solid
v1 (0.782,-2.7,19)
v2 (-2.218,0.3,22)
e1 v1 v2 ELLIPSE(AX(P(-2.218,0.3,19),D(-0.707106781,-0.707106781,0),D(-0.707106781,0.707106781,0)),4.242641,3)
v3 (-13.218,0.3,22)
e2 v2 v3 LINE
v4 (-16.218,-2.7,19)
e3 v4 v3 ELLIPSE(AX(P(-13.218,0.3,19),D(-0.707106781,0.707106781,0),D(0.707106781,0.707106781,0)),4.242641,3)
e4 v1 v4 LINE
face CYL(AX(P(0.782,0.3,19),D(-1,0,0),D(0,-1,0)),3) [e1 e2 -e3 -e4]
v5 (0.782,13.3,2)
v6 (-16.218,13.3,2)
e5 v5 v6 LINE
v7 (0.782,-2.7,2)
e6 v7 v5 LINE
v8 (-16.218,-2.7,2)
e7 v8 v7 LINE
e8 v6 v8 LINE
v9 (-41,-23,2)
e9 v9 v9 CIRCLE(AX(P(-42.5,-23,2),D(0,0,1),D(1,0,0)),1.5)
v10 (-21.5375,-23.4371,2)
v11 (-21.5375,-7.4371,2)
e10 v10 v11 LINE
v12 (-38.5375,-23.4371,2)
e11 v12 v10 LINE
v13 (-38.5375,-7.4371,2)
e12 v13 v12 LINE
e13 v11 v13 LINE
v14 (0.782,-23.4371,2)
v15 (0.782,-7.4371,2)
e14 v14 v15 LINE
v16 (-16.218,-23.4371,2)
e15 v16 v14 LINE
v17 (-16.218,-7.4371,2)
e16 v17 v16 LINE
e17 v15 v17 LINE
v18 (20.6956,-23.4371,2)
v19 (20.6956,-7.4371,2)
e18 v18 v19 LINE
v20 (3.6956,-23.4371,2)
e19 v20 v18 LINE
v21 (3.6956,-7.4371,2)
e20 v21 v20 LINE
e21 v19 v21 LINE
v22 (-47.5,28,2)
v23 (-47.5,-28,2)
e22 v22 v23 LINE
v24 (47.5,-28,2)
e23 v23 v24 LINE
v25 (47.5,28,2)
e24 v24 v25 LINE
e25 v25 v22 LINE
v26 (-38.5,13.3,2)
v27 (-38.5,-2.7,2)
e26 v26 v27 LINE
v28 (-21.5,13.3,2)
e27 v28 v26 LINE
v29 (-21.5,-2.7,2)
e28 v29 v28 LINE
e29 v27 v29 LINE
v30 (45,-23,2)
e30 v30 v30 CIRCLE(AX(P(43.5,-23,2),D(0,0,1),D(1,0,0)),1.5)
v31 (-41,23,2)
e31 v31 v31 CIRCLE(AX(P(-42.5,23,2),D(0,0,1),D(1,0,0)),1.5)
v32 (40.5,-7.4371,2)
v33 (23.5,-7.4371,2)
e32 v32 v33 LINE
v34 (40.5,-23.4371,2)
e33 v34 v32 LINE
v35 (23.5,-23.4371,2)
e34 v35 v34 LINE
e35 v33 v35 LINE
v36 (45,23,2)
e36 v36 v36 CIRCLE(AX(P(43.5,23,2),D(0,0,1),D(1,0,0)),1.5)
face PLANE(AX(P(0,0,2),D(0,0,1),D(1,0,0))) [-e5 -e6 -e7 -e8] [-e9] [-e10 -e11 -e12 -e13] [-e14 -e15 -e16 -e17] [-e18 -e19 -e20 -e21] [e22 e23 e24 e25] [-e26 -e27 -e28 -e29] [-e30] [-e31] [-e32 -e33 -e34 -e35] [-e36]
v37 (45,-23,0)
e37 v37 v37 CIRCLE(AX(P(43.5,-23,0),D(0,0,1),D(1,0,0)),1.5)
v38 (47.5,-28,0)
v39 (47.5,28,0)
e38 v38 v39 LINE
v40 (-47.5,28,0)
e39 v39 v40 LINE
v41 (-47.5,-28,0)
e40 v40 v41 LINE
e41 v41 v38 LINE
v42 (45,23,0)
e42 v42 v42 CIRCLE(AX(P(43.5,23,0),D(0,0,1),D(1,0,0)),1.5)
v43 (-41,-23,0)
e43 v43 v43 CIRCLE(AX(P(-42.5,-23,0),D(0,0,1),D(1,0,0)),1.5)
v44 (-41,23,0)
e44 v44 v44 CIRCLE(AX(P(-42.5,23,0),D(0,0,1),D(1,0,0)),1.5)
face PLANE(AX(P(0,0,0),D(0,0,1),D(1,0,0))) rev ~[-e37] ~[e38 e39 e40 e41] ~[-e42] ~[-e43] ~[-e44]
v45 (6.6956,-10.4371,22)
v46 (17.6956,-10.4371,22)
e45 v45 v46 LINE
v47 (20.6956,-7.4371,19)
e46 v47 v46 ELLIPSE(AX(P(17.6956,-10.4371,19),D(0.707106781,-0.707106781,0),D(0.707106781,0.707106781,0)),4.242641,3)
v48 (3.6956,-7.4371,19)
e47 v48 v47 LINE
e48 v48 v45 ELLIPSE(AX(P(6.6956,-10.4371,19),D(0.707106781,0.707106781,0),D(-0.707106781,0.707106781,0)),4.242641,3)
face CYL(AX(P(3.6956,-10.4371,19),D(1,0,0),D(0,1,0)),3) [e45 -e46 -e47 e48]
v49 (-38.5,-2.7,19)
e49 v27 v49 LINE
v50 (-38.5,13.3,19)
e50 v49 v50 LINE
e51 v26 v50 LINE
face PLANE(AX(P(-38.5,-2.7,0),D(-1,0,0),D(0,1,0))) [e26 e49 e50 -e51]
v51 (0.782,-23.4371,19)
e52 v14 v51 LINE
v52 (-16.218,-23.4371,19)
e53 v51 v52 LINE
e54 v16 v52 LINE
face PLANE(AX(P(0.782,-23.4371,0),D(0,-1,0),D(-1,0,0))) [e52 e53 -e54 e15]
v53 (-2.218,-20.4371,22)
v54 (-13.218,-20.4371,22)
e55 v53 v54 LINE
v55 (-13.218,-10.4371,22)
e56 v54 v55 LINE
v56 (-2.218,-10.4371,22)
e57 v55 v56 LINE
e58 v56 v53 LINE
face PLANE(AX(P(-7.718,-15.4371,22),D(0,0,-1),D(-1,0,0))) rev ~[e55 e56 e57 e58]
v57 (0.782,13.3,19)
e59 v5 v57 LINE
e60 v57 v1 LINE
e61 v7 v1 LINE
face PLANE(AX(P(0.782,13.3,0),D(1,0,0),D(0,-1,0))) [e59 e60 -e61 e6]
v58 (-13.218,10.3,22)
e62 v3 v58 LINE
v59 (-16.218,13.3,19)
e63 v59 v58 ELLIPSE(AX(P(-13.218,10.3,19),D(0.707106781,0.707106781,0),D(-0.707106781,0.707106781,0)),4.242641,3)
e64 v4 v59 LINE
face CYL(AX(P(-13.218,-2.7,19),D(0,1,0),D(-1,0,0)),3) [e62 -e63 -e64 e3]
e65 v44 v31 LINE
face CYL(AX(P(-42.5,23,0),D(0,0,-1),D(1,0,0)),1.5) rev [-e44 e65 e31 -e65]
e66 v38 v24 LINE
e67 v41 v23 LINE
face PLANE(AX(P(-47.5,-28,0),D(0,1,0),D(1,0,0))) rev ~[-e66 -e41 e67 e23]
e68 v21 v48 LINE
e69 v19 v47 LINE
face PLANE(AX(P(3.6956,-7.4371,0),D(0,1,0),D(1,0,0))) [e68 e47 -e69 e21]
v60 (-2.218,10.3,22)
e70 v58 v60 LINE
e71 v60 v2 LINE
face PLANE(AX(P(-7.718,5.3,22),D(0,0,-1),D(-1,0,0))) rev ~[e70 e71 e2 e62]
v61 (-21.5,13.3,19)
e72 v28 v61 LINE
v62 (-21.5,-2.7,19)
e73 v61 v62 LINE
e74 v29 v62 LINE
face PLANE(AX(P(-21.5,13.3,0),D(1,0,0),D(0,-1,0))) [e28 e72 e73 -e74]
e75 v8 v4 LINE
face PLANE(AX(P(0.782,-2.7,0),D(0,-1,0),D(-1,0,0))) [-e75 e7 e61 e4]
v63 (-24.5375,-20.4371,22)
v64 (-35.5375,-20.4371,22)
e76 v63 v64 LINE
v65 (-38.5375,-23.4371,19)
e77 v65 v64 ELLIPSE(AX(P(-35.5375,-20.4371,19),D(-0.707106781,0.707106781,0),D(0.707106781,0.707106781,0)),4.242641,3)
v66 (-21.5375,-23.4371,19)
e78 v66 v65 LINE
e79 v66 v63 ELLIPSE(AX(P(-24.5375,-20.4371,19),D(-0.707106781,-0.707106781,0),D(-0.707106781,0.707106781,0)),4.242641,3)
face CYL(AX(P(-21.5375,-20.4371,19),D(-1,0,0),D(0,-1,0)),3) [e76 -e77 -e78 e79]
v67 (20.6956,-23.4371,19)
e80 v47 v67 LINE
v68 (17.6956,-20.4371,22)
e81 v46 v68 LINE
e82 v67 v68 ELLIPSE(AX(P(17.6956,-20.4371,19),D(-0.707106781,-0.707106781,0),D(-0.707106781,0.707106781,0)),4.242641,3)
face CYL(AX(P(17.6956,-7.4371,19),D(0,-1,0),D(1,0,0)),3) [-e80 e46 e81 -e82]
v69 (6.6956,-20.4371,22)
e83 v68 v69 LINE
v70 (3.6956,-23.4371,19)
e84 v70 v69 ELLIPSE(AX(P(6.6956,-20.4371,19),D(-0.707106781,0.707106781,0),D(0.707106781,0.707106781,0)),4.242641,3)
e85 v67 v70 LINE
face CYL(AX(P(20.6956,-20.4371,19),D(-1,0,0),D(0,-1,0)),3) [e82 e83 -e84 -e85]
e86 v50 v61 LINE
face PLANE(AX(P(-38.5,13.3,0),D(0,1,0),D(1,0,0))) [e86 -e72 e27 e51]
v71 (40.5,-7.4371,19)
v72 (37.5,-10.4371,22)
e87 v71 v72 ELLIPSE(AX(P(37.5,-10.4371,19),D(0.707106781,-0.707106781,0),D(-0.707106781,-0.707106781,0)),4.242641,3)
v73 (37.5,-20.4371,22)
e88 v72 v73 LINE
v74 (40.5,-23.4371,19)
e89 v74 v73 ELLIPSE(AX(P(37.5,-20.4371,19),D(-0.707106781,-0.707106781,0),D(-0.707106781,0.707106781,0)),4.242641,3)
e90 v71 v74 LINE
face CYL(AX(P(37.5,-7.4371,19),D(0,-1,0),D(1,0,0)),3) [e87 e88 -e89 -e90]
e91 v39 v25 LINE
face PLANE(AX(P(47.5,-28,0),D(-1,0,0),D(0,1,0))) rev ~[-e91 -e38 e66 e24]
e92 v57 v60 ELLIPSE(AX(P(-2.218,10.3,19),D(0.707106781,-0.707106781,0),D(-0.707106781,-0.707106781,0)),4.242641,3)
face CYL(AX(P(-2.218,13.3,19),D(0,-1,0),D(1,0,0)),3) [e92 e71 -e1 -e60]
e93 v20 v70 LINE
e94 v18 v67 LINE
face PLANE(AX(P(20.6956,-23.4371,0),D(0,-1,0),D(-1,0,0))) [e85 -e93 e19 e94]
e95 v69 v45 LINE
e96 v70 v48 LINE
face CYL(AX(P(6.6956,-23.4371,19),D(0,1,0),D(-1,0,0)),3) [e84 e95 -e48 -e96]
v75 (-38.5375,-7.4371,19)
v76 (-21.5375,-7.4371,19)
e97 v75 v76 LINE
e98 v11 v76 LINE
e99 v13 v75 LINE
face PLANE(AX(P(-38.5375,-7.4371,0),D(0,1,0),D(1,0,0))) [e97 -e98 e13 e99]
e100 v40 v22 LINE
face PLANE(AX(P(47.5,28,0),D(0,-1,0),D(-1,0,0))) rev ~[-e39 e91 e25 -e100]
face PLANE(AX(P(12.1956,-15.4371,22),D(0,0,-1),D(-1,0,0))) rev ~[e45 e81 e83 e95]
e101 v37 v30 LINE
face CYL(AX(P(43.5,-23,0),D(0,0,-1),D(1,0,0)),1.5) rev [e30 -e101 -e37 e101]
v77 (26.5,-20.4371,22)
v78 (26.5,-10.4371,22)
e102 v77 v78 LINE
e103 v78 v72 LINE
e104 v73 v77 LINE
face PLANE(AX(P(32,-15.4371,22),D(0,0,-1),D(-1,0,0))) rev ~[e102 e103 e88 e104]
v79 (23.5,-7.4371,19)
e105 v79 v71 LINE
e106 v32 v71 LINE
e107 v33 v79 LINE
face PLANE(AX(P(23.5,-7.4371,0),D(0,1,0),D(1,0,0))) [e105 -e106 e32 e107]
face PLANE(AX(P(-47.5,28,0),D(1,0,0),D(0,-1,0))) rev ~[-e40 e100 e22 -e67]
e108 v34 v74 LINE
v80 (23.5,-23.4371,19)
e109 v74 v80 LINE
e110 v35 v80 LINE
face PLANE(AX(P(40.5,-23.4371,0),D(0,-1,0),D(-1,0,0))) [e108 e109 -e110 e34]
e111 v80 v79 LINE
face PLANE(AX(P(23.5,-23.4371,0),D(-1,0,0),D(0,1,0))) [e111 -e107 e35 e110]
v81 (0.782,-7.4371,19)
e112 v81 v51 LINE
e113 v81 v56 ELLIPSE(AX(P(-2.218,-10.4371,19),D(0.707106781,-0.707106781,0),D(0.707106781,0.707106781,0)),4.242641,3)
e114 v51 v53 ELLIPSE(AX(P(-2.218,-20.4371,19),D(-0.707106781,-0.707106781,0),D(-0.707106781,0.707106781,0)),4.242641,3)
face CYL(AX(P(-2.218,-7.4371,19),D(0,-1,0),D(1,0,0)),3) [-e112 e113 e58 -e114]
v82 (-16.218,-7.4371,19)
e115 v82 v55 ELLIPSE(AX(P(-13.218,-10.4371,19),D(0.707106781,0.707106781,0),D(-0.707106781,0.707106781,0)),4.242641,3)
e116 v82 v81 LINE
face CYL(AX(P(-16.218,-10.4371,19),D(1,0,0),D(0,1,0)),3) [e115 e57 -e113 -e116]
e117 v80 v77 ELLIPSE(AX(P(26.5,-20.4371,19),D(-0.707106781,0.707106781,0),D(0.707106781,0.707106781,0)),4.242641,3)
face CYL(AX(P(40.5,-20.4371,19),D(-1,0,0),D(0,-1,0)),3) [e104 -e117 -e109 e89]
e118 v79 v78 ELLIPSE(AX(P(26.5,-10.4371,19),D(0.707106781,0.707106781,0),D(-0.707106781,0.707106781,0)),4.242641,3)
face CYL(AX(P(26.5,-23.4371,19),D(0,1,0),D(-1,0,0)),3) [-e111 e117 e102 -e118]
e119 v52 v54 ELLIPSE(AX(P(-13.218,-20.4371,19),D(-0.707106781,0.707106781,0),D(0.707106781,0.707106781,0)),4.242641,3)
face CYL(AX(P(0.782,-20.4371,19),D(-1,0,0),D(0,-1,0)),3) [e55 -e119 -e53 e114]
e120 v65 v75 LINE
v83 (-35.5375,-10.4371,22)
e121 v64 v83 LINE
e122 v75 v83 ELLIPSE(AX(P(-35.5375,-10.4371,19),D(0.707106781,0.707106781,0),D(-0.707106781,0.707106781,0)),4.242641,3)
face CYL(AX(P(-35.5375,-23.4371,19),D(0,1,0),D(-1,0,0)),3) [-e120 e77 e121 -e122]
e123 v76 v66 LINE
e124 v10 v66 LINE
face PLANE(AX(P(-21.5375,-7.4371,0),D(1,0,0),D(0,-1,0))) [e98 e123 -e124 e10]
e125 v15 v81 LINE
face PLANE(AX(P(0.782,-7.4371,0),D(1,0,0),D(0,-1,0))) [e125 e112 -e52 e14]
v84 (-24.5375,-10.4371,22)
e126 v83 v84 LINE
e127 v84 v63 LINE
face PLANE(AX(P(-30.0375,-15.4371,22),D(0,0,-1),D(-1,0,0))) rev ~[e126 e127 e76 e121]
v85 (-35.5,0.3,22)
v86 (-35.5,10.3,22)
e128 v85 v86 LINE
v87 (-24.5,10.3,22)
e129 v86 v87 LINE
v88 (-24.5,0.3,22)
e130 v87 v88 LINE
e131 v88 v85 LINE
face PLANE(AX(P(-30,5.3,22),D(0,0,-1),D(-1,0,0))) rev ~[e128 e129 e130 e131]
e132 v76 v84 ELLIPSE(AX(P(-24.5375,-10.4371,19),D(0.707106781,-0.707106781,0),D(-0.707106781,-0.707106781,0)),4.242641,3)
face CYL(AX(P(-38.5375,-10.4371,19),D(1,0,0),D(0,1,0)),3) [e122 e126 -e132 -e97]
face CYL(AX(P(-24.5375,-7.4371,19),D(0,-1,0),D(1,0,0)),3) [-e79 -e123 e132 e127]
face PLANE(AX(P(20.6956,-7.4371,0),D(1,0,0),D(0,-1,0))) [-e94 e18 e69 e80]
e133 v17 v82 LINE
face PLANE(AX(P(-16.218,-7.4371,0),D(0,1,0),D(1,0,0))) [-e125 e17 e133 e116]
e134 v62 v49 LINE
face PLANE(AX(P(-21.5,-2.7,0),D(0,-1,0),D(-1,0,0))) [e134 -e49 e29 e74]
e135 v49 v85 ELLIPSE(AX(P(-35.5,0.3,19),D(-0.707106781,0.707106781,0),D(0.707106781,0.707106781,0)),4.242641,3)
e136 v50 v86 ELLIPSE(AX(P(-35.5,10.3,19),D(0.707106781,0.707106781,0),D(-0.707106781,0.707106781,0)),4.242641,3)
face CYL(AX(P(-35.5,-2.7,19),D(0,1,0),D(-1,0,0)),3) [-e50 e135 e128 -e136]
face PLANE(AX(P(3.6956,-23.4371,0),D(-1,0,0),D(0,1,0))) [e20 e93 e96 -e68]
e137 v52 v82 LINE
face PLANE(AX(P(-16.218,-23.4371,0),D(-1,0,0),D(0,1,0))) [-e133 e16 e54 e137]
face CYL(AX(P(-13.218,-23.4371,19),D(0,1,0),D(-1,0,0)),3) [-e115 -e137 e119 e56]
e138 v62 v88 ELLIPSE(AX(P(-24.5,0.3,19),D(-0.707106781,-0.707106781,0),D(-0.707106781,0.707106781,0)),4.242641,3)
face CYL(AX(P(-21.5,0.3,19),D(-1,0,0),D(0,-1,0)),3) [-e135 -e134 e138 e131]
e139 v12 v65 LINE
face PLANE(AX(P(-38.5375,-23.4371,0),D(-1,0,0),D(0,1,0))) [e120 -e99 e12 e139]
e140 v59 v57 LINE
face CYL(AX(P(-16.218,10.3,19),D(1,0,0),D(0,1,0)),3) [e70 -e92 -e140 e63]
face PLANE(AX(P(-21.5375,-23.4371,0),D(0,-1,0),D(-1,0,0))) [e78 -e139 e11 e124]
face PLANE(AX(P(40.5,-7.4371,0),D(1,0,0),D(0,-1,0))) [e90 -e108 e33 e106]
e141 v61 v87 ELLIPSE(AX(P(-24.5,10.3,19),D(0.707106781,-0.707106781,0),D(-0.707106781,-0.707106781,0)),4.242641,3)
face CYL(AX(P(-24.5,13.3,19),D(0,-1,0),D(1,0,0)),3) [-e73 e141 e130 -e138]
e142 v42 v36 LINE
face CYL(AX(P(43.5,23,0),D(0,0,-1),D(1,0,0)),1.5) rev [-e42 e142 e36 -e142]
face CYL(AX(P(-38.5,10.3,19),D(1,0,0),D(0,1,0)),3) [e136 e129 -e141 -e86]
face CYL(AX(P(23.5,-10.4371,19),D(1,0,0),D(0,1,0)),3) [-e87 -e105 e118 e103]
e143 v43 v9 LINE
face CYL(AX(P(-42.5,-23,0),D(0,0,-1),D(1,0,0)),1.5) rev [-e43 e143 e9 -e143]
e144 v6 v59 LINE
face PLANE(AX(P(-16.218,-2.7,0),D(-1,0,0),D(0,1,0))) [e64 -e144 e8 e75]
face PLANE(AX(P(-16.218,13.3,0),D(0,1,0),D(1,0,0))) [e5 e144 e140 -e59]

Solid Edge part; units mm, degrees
sketch "Sketch1" plane through (0, 0, 0) normal (0, 0, 1) x (1, 0, 0)
  line L0 (-47.5, 28) -> (-47.5, -28)
  line L1 (-47.5, -28) -> (47.5, -28)
  line L2 (47.5, -28) -> (47.5, 28)
  line L3 (47.5, 28) -> (-47.5, 28)
  circle A0 centre (-42.5, 23) radius 1.5
  circle A1 centre (-42.5, -23) radius 1.5
  circle A2 centre (43.5, -23) radius 1.5
  circle A3 centre (43.5, 23) radius 1.5
  dimension "D1" = 95
  dimension "D2" = 56
  dimension "D3" = 5
  dimension "D4" = 5
  dimension "D5" = 5
  dimension "D6" = 4
  dimension "D7" = 4
  dimension "D8" = 5
  dimension "D9" = 5
  dimension "D10" = 46
  dimension "D11" = 46
  dimension "D12" = 5
extrude "Protrusion1" add sketch "Sketch1" along normal blind 2
sketch "Sketch2" plane through (0, 0, 0) normal (0, 0, -1) x (1, 0, 0)
  line L0 (-21.5, -13.3) -> (-21.5, 2.7)
  line L1 (-21.5, 2.7) -> (-38.5, 2.7)
  line L2 (-38.5, 2.7) -> (-38.5, -13.3)
  line L3 (-38.5, -13.3) -> (-21.5, -13.3)
  line L4 (-16.218, 2.7) -> (-16.218, -13.3)
  line L5 (-16.218, -13.3) -> (0.782, -13.3)
  line L6 (0.782, -13.3) -> (0.782, 2.7)
  line L7 (0.782, 2.7) -> (-16.218, 2.7)
  line L8 (3.6956, 23.4371) -> (3.6956, 7.4371)
  line L9 (3.6956, 7.4371) -> (20.6956, 7.4371)
  line L10 (20.6956, 7.4371) -> (20.6956, 23.4371)
  line L11 (20.6956, 23.4371) -> (3.6956, 23.4371)
  line L12 (23.5, 23.4371) -> (23.5, 7.4371)
  line L13 (23.5, 7.4371) -> (40.5, 7.4371)
  line L14 (40.5, 7.4371) -> (40.5, 23.4371)
  line L15 (40.5, 23.4371) -> (23.5, 23.4371)
  line L16 (-38.5375, 23.4371) -> (-38.5375, 7.4371)
  line L17 (-38.5375, 7.4371) -> (-21.5375, 7.4371)
  line L18 (-21.5375, 7.4371) -> (-21.5375, 23.4371)
  line L19 (-21.5375, 23.4371) -> (-38.5375, 23.4371)
  line L20 (-16.218, 23.4371) -> (-16.218, 7.4371)
  line L21 (-16.218, 7.4371) -> (0.782, 7.4371)
  line L22 (0.782, 7.4371) -> (0.782, 23.4371)
  line L23 (0.782, 23.4371) -> (-16.218, 23.4371)
  dimension "D1" = 17
  dimension "D2" = 16
  dimension "D3" = 3
  dimension "D4" = 4
  dimension "D5" = 17
  dimension "D6" = 16
  dimension "D7" = 17
  dimension "D8" = 16
  dimension "D9" = 16
  dimension "D10" = 17
  dimension "D11" = 16
  dimension "D12" = 14.7
extrude "ExtrudedProtrusion_2" add sketch "Sketch2" against normal blind 22
fillet "Round_1" radius 3 24 edges at (-38.5, 5.3, 22) (-30, -2.7, 22) (-21.5, 5.3, 22) (-16.218, 5.3, 22) (-30, 13.3, 22) (-7.718, -2.7, 22) (0.782, 5.3, 22) (-7.718, 13.3, 22) (-38.5375, -15.4371, 22) (-30.0375, -23.4371, 22) (-21.5375, -15.4371, 22) (-30.0375, -7.4371, 22) (-16.218, -15.4371, 22) (-7.718, -7.4371, 22) (-7.718, -23.4371, 22) (0.782, -15.4371, 22) (3.6956, -15.4371, 22) (12.1956, -23.4371, 22) (12.1956, -7.4371, 22) (20.6956, -15.4371, 22) (23.5, -15.4371, 22) (32, -23.4371, 22) (40.5, -15.4371, 22) (32, -7.4371, 22)
